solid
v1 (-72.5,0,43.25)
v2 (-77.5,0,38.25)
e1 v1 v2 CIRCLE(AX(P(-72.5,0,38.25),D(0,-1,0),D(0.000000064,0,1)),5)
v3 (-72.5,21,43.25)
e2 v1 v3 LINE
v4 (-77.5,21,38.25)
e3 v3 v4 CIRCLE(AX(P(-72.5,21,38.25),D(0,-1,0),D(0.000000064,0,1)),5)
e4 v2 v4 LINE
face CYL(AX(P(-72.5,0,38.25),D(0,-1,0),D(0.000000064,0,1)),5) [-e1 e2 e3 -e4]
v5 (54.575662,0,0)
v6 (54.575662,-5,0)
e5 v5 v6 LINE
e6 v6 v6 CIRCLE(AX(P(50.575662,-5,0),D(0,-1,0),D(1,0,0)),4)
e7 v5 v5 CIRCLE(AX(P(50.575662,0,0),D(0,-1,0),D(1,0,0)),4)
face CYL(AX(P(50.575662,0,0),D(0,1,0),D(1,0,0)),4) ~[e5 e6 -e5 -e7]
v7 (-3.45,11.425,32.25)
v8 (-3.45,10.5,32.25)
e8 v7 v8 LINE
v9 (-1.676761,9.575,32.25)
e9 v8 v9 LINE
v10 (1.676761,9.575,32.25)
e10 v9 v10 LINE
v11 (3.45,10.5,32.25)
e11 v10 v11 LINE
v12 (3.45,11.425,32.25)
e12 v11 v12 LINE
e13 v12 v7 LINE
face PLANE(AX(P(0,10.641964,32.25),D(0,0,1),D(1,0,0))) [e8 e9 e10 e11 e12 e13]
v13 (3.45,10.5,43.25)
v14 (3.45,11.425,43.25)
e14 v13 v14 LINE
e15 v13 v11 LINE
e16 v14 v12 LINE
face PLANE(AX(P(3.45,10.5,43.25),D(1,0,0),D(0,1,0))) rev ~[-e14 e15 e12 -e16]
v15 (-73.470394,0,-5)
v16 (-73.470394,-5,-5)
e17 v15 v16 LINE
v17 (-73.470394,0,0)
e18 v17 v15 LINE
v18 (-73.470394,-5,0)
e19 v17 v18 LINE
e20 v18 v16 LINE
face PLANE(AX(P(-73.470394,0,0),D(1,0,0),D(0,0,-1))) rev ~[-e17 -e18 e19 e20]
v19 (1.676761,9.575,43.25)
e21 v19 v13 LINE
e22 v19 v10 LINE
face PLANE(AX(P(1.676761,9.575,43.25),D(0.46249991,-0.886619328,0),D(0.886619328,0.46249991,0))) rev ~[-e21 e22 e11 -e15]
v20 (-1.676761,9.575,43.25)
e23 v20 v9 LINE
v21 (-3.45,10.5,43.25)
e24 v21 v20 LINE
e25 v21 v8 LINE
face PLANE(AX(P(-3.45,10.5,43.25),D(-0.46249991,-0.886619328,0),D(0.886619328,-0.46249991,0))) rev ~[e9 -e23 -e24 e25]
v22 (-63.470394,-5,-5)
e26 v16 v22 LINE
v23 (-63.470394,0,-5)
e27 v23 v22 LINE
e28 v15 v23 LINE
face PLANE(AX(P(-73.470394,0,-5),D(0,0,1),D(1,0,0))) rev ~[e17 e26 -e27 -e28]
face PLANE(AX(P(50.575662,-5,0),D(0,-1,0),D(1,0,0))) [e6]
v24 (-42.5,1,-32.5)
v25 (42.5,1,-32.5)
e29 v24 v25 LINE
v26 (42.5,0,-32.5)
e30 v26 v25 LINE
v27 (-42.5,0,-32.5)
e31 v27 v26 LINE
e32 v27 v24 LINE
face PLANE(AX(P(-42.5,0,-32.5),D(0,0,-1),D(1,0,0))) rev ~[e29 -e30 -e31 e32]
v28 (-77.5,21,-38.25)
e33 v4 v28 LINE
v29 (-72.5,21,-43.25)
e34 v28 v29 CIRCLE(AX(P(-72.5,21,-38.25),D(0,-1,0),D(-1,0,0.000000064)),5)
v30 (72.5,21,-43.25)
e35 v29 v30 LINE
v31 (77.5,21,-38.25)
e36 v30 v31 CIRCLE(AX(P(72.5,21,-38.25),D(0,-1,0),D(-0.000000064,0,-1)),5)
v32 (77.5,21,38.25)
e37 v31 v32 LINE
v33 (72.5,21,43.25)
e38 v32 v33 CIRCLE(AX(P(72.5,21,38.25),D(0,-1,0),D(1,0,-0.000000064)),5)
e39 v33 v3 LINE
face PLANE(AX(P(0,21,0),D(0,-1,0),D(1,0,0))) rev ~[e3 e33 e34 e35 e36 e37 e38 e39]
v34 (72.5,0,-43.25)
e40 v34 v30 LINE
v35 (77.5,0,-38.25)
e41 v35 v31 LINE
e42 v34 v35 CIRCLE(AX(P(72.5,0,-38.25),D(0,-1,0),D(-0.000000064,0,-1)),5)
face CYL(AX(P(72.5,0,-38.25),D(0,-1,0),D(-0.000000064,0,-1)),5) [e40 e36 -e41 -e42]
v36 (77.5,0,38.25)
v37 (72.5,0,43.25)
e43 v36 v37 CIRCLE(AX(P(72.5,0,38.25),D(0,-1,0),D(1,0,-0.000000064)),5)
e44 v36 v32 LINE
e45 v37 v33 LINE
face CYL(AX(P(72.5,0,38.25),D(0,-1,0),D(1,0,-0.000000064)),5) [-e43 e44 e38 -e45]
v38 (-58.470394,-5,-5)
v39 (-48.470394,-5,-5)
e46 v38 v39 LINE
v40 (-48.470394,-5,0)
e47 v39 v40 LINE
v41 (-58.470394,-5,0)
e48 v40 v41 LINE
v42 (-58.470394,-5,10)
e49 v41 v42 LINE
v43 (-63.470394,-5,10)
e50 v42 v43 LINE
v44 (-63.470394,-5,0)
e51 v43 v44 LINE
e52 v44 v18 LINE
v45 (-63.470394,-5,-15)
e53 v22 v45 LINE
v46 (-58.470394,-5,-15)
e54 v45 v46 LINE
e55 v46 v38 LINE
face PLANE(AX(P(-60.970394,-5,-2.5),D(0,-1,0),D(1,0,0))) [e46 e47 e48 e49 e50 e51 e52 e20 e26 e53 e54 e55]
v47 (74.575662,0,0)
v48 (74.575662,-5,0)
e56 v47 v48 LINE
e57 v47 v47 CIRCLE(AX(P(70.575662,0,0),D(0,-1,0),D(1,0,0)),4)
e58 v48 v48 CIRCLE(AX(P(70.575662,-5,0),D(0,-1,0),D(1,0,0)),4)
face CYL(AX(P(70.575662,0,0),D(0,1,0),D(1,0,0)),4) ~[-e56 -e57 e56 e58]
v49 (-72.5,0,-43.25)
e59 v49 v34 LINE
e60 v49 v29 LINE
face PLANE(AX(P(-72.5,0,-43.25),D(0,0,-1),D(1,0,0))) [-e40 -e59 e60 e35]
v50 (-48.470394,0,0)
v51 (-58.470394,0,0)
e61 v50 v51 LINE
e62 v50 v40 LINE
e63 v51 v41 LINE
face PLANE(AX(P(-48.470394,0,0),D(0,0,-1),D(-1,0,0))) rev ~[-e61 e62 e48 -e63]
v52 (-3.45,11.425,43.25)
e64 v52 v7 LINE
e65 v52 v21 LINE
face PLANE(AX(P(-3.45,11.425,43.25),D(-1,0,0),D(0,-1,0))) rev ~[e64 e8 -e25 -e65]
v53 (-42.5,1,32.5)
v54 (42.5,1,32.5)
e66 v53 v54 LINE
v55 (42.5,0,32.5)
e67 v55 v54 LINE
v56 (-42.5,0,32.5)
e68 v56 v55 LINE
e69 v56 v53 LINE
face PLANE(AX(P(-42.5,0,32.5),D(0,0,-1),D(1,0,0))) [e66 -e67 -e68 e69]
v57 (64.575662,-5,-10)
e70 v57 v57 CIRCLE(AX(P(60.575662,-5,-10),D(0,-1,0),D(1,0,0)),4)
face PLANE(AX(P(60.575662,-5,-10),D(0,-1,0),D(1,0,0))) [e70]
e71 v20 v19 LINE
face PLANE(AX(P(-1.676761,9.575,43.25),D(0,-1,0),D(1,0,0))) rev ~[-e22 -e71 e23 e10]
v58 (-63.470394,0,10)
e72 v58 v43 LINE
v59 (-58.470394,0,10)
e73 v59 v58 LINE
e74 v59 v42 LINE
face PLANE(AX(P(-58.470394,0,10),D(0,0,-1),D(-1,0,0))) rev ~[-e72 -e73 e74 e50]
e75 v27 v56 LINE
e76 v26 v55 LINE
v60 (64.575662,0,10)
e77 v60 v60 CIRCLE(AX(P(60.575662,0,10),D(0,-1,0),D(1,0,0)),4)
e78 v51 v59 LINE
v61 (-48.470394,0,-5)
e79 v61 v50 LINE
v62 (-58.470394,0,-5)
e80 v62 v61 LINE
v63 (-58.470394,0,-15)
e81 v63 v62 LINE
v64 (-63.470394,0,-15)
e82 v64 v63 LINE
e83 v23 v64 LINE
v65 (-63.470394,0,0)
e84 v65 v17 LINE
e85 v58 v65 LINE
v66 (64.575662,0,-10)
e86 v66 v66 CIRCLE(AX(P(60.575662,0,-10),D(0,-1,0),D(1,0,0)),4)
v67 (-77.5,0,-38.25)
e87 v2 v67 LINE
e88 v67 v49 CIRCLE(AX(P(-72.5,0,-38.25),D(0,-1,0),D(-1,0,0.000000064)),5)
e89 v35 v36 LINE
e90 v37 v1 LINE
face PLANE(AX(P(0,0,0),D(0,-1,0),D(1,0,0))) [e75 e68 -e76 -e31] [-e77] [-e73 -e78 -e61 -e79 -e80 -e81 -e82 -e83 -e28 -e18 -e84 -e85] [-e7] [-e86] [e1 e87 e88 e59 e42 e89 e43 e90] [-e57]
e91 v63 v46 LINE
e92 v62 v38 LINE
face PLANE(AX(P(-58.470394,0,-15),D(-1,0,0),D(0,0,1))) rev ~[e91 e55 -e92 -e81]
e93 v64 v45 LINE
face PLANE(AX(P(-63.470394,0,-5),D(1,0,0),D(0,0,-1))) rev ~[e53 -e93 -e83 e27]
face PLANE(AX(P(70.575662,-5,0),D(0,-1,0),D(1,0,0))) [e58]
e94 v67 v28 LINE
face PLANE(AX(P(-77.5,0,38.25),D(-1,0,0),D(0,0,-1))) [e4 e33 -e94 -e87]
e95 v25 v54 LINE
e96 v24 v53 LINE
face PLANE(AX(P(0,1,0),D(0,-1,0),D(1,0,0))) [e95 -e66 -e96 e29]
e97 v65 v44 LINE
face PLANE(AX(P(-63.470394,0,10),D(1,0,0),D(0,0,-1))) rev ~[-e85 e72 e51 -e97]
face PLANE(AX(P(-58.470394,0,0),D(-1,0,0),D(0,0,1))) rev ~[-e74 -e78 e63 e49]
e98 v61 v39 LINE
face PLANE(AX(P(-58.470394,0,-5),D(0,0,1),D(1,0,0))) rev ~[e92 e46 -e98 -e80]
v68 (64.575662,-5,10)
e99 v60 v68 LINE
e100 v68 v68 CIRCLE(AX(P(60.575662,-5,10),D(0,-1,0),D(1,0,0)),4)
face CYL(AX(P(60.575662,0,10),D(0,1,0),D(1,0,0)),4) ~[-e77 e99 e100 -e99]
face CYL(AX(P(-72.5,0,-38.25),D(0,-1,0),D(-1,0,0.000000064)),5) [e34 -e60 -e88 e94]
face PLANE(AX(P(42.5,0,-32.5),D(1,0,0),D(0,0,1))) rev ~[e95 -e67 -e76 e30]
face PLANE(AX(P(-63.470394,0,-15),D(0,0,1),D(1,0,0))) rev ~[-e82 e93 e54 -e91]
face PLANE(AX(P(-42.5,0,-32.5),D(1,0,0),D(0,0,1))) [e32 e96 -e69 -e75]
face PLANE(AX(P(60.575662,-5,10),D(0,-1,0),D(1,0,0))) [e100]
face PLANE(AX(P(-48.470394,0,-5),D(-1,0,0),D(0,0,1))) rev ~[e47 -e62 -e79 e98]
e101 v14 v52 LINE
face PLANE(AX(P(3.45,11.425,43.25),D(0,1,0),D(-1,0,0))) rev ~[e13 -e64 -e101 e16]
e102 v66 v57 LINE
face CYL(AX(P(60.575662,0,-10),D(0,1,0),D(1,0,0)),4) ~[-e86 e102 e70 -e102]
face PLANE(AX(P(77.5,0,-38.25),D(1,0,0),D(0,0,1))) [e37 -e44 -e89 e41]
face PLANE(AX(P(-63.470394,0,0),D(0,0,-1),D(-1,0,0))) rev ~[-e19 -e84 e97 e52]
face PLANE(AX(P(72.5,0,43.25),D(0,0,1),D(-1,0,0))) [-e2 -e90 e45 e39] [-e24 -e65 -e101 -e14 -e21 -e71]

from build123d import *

# Parameters (mm, degrees)
F1_DEPTH = 21
F4_DEPTH = 5
F5_R     = 4
F6_DEPTH = 5
F2_W     = 85
F2_H     = 65
F7_DEPTH = 1
F9_DEPTH = 11


with BuildPart() as f1:
    # F0 (on Front) → F1 (new body)
    with BuildSketch(Plane.XZ):
        with BuildLine():
            Line((-72.5, -43.25), (72.5, -43.25))
            ThreePointArc((72.5, -43.25), (76.035534, -41.785534), (77.5, -38.25))
            Line((77.5, -38.25), (77.5, 38.25))
            ThreePointArc((77.5, 38.25), (76.035534, 41.785534), (72.5, 43.25))
            Line((72.5, 43.25), (-72.5, 43.25))
            ThreePointArc((-72.5, 43.25), (-76.035534, 41.785534), (-77.5, 38.25))
            Line((-77.5, 38.25), (-77.5, -38.25))
            ThreePointArc((-77.5, -38.25), (-76.035534, -41.785534), (-72.5, -43.25))
        make_face()
    extrude(amount=-F1_DEPTH)

    # F3 (on face) → F4 (join)
    with BuildSketch(Plane.XZ):
        Polygon((-48.470394, -5), (-48.470394, 0), (-58.470394, 0), (-58.470394, 10), (-63.470394, 10), (-63.470394, 0), (-73.470394, 0), (-73.470394, -5), (-63.470394, -5), (-63.470394, -15), (-58.470394, -15), (-58.470394, -5), align=None)
    extrude(amount=F4_DEPTH)

    # F5 (on Front) → F6 (join)
    with BuildSketch(Plane.XZ):
        with Locations((60.575662, 10)):
            Circle(F5_R)
        with Locations((70.575662, 0)):
            Circle(F5_R)
        with Locations((60.575662, -10)):
            Circle(F5_R)
        with Locations((50.575662, 0)):
            Circle(F5_R)
    extrude(amount=F6_DEPTH)

    # F2 (on face) → F7 (cut)
    with BuildSketch(Plane.XZ):
        Rectangle(F2_W, F2_H)
    extrude(amount=-F7_DEPTH, mode=Mode.SUBTRACT)

    # F8 (on face) → F9 (cut)
    with BuildSketch(Plane.XY.offset(43.25)):
        Polygon((-1.676761, 9.575), (1.676761, 9.575), (3.45, 10.5), (3.45, 11.425), (-3.45, 11.425), (-3.45, 10.5), align=None)
    extrude(amount=-F9_DEPTH, mode=Mode.SUBTRACT)


solid = f1.part
